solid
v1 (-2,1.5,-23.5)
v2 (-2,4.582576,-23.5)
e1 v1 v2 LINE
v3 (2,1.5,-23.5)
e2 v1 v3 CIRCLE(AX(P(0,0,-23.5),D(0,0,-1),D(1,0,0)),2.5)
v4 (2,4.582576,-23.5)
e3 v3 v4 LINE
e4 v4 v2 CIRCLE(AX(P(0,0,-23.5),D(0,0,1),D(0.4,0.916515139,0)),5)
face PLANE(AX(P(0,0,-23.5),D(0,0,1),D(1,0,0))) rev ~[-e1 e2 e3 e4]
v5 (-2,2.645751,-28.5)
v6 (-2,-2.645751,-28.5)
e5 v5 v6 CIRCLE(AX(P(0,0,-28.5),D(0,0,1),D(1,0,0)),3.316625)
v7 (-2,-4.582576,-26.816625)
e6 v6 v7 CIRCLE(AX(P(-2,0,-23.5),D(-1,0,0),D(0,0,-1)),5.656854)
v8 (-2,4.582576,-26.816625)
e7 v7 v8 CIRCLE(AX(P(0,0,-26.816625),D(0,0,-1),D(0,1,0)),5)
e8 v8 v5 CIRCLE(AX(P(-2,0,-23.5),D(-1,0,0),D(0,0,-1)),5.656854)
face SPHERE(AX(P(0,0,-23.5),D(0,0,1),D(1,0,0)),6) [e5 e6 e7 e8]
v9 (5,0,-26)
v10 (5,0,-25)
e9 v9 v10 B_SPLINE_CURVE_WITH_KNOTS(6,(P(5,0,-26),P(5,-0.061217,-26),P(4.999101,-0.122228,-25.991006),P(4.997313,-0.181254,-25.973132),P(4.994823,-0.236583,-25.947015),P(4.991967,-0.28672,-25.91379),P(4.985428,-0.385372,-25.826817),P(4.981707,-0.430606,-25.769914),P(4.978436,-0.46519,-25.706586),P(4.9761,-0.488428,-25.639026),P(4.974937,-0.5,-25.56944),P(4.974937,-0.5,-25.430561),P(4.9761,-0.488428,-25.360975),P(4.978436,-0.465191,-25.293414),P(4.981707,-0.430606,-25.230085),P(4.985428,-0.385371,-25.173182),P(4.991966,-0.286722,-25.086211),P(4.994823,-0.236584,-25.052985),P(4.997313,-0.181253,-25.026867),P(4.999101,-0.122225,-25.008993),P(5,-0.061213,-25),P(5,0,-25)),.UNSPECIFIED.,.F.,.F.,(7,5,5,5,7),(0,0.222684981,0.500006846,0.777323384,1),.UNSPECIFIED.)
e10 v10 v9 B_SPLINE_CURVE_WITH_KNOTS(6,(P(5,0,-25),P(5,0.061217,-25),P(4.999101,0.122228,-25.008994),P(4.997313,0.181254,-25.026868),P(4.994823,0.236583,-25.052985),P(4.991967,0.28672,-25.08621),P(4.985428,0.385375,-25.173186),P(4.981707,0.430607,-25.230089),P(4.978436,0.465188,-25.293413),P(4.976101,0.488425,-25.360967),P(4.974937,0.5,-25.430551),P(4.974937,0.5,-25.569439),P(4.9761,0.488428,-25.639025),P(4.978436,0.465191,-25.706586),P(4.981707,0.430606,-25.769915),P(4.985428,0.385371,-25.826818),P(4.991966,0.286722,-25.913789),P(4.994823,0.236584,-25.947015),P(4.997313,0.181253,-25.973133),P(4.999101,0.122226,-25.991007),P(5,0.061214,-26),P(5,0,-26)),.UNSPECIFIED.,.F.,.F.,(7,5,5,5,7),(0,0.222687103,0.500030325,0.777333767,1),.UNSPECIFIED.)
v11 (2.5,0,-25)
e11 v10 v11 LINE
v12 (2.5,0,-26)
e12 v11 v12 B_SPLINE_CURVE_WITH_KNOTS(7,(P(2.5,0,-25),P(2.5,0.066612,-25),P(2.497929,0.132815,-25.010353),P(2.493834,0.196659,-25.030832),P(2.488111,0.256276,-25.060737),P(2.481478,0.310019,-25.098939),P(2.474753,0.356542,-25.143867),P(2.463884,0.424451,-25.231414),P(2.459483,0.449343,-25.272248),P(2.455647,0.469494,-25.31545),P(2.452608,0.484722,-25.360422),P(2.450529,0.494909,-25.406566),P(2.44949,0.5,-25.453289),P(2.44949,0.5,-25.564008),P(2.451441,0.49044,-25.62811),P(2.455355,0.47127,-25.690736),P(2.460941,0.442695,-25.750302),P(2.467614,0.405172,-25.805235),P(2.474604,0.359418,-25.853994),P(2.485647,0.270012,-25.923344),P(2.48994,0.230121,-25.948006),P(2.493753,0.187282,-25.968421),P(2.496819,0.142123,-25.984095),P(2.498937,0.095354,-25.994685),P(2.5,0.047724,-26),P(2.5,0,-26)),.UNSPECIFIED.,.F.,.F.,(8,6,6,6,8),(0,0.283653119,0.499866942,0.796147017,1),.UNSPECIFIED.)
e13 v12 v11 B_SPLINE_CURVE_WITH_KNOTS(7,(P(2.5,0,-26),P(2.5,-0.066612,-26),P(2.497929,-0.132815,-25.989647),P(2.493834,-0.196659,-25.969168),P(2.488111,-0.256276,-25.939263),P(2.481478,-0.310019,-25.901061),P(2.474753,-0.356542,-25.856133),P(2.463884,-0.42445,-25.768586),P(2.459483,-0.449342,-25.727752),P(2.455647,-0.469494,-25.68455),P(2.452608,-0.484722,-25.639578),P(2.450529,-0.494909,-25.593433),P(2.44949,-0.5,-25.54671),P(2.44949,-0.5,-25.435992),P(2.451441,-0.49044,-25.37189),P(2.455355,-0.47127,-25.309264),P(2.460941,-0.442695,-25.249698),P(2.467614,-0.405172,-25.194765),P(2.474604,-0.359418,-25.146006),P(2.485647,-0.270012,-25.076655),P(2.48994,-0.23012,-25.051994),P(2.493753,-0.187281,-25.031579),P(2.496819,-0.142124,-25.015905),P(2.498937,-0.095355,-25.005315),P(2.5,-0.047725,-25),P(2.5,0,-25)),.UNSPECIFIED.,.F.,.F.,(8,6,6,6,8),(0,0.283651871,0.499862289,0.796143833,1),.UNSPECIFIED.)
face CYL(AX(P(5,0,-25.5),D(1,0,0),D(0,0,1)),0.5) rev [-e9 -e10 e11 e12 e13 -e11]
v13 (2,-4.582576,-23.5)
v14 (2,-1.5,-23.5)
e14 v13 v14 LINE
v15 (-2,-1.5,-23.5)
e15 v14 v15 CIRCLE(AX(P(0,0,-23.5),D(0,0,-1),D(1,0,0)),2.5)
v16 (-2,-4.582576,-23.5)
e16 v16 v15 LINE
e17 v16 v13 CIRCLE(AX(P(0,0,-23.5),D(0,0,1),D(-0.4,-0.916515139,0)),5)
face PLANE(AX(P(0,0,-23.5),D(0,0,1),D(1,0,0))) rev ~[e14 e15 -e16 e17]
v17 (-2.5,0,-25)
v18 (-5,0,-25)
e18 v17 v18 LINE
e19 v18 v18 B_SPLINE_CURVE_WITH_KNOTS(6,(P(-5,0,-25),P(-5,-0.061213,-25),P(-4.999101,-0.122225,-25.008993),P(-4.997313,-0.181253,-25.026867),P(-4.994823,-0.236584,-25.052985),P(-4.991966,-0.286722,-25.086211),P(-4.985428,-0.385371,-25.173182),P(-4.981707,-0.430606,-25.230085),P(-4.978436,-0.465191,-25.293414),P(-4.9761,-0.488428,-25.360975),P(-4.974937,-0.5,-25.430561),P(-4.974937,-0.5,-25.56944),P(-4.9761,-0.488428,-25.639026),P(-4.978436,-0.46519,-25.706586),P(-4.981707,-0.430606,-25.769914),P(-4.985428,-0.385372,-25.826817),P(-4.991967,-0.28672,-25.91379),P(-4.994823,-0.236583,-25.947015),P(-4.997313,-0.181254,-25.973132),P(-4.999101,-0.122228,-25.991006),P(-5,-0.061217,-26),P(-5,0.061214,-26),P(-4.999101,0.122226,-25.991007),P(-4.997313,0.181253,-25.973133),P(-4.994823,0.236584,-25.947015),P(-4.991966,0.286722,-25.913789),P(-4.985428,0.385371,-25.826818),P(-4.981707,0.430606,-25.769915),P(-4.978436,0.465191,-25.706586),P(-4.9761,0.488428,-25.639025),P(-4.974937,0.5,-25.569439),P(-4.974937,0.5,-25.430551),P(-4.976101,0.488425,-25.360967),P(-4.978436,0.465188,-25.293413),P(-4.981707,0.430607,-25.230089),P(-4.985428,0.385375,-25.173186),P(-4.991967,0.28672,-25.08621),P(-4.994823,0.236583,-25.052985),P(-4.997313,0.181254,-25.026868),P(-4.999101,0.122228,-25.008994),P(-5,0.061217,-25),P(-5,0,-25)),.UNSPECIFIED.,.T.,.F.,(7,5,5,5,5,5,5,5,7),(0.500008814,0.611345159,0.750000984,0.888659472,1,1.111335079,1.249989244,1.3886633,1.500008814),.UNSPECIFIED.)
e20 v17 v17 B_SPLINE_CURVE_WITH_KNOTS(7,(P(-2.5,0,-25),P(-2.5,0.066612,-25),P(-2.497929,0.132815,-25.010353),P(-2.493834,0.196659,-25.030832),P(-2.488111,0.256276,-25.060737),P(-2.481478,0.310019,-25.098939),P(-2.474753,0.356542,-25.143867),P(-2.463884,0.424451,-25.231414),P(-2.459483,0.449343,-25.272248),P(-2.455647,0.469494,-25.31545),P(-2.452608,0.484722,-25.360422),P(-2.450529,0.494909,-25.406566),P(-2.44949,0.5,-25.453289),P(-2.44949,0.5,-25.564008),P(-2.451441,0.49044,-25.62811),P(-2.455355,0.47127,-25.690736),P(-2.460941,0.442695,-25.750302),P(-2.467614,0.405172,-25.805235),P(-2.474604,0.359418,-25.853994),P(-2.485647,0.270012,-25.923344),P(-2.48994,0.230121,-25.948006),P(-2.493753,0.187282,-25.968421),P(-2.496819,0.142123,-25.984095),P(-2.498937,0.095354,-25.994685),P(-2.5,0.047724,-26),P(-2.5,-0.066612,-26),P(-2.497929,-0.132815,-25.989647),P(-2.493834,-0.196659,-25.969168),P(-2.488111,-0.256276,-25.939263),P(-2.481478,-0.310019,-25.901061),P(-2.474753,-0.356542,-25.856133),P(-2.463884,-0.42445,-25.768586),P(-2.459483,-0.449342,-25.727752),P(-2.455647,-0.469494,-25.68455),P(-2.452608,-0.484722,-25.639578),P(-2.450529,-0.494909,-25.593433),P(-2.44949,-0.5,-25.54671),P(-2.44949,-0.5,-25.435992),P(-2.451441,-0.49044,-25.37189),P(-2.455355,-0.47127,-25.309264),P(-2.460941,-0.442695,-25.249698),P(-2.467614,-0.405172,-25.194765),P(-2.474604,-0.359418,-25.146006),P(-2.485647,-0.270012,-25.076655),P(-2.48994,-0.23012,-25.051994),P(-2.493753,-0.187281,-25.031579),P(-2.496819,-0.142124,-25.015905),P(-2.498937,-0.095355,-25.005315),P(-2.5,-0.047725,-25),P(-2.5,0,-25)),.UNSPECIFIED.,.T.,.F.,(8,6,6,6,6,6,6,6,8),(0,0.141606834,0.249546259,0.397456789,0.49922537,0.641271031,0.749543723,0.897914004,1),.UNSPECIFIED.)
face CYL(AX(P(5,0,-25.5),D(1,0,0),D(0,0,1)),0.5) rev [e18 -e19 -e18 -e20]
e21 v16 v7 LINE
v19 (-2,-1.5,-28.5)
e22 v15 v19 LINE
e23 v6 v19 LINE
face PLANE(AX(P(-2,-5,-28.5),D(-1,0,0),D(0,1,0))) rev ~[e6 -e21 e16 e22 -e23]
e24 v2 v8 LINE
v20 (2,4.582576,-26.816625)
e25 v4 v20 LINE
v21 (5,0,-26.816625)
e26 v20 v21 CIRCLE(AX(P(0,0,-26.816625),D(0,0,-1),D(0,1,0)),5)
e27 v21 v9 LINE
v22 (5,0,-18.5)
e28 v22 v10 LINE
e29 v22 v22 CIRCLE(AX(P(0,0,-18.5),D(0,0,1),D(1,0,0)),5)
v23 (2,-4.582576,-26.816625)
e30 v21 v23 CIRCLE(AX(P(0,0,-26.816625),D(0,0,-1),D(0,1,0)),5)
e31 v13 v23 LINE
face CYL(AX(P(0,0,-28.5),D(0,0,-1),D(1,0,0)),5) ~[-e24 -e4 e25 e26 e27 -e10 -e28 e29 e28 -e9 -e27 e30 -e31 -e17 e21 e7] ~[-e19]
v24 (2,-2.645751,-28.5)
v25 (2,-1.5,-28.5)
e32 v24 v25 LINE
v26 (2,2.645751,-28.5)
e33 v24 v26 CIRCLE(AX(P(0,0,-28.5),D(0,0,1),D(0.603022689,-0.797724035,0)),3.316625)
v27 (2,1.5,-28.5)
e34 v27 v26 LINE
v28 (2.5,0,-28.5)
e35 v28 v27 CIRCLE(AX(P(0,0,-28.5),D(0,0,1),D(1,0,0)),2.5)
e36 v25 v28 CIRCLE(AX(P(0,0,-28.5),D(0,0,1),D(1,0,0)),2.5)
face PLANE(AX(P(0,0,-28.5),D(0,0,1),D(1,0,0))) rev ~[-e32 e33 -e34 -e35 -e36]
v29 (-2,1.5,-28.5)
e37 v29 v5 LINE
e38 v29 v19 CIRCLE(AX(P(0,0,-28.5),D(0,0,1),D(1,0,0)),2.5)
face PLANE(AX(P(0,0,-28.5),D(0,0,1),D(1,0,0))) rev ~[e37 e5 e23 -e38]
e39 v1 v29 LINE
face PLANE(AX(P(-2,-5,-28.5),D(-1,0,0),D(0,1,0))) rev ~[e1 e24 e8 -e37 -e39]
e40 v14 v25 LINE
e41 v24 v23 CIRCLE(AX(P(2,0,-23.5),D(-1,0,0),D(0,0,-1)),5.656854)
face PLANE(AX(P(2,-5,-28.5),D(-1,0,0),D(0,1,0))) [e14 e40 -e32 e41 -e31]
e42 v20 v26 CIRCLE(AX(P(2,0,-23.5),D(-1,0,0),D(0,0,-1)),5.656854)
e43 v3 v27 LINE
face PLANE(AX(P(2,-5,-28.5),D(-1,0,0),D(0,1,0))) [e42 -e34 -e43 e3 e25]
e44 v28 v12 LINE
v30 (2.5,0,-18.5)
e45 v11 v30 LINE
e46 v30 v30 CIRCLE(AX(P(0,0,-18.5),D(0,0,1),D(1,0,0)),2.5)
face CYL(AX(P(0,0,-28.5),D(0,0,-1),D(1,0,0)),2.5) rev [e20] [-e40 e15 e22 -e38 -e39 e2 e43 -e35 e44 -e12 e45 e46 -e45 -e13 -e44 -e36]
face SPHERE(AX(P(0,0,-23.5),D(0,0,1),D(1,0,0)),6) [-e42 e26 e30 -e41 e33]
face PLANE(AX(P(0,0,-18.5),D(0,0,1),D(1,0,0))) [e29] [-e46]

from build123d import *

# Parameters (mm, degrees)
CYLINDER006_R     = 3
CYLINDER006_DEPTH = 10
CYLINDER005_R     = 5
CYLINDER005_DEPTH = 4
CYLINDER002_R     = 0.5
CYLINDER002_DEPTH = 10
CYLINDER001_R     = 2.5
CYLINDER001_DEPTH = 10
BOX_W             = 4
BOX_H             = 10
BOX_DEPTH         = 5
CYLINDER_R        = 5
CYLINDER_DEPTH    = 10


with BuildPart() as cylinder006:
    # Cylinder006 → Cylinder006 (new body)
    with BuildSketch(Plane(origin=(18, 0, -6), x_dir=(1, 0, 0), z_dir=(0, 0, 1))):
        Circle(CYLINDER006_R)
    extrude(amount=CYLINDER006_DEPTH)


with BuildPart() as cut004:
    # Cylinder005 → Cylinder005 (new body)
    with BuildSketch(Plane(origin=(18, 0, -4), x_dir=(1, 0, 0), z_dir=(0, 0, 1))):
        Circle(CYLINDER005_R)
    extrude(amount=CYLINDER005_DEPTH)

    # Cut004: cut Cylinder006
    add(cylinder006.part, mode=Mode.SUBTRACT)


with BuildPart() as cut004_1:
    # Cut004 placement: moved
    add(cut004.part.moved(Location((-18, 0, 0))))


with BuildPart() as sphere001:
    # Sphere001 → Sphere001 (revolve)
    with BuildSketch(Plane(origin=(0, 0, -5), x_dir=(1, 0, 0), z_dir=(0, -1, 0))):
        with BuildLine():
            ThreePointArc((0, -6), (6, 0), (0, 6))
            Line((0, 6), (0, -6))
        make_face()
    revolve(axis=Axis((0, 0, -5), (0, 0, 1)))


with BuildPart() as cylinder002:
    # Cylinder002 → Cylinder002 (new body)
    with BuildSketch(Plane(origin=(5, 0, -7), x_dir=(0, 0, 1), z_dir=(-1, 0, 0))):
        Circle(CYLINDER002_R)
    extrude(amount=CYLINDER002_DEPTH)


with BuildPart() as cylinder001:
    # Cylinder001 → Cylinder001 (new body)
    with BuildSketch(Plane.XY.offset(-10)):
        Circle(CYLINDER001_R)
    extrude(amount=CYLINDER001_DEPTH)


with BuildPart() as cube:
    # Box → Box (new body)
    with BuildSketch(Plane(origin=(-2, -5, -10), x_dir=(1, 0, 0), z_dir=(0, 0, 1))):
        with Locations((2, 5)):
            Rectangle(BOX_W, BOX_H)
    extrude(amount=BOX_DEPTH)


with BuildPart() as fusion001:
    # Cylinder → Cylinder (new body)
    with BuildSketch(Plane.XY.offset(-10)):
        Circle(CYLINDER_R)
    extrude(amount=CYLINDER_DEPTH)

    # Cut: cut Cube
    add(cube.part, mode=Mode.SUBTRACT)

    # Cut001: cut Cylinder001
    add(cylinder001.part, mode=Mode.SUBTRACT)

    # Cut002: cut Cylinder002
    add(cylinder002.part, mode=Mode.SUBTRACT)

    # Common: intersect Sphere001
    add(sphere001.part, mode=Mode.INTERSECT)

    # Fusion: union Cut004
    add(cut004_1.part)


with BuildPart() as fusion001_1:
    # Fusion001 placement: moved
    add(fusion001.part.moved(Location((0, 0, -18.5))))


solid = fusion001_1.part
